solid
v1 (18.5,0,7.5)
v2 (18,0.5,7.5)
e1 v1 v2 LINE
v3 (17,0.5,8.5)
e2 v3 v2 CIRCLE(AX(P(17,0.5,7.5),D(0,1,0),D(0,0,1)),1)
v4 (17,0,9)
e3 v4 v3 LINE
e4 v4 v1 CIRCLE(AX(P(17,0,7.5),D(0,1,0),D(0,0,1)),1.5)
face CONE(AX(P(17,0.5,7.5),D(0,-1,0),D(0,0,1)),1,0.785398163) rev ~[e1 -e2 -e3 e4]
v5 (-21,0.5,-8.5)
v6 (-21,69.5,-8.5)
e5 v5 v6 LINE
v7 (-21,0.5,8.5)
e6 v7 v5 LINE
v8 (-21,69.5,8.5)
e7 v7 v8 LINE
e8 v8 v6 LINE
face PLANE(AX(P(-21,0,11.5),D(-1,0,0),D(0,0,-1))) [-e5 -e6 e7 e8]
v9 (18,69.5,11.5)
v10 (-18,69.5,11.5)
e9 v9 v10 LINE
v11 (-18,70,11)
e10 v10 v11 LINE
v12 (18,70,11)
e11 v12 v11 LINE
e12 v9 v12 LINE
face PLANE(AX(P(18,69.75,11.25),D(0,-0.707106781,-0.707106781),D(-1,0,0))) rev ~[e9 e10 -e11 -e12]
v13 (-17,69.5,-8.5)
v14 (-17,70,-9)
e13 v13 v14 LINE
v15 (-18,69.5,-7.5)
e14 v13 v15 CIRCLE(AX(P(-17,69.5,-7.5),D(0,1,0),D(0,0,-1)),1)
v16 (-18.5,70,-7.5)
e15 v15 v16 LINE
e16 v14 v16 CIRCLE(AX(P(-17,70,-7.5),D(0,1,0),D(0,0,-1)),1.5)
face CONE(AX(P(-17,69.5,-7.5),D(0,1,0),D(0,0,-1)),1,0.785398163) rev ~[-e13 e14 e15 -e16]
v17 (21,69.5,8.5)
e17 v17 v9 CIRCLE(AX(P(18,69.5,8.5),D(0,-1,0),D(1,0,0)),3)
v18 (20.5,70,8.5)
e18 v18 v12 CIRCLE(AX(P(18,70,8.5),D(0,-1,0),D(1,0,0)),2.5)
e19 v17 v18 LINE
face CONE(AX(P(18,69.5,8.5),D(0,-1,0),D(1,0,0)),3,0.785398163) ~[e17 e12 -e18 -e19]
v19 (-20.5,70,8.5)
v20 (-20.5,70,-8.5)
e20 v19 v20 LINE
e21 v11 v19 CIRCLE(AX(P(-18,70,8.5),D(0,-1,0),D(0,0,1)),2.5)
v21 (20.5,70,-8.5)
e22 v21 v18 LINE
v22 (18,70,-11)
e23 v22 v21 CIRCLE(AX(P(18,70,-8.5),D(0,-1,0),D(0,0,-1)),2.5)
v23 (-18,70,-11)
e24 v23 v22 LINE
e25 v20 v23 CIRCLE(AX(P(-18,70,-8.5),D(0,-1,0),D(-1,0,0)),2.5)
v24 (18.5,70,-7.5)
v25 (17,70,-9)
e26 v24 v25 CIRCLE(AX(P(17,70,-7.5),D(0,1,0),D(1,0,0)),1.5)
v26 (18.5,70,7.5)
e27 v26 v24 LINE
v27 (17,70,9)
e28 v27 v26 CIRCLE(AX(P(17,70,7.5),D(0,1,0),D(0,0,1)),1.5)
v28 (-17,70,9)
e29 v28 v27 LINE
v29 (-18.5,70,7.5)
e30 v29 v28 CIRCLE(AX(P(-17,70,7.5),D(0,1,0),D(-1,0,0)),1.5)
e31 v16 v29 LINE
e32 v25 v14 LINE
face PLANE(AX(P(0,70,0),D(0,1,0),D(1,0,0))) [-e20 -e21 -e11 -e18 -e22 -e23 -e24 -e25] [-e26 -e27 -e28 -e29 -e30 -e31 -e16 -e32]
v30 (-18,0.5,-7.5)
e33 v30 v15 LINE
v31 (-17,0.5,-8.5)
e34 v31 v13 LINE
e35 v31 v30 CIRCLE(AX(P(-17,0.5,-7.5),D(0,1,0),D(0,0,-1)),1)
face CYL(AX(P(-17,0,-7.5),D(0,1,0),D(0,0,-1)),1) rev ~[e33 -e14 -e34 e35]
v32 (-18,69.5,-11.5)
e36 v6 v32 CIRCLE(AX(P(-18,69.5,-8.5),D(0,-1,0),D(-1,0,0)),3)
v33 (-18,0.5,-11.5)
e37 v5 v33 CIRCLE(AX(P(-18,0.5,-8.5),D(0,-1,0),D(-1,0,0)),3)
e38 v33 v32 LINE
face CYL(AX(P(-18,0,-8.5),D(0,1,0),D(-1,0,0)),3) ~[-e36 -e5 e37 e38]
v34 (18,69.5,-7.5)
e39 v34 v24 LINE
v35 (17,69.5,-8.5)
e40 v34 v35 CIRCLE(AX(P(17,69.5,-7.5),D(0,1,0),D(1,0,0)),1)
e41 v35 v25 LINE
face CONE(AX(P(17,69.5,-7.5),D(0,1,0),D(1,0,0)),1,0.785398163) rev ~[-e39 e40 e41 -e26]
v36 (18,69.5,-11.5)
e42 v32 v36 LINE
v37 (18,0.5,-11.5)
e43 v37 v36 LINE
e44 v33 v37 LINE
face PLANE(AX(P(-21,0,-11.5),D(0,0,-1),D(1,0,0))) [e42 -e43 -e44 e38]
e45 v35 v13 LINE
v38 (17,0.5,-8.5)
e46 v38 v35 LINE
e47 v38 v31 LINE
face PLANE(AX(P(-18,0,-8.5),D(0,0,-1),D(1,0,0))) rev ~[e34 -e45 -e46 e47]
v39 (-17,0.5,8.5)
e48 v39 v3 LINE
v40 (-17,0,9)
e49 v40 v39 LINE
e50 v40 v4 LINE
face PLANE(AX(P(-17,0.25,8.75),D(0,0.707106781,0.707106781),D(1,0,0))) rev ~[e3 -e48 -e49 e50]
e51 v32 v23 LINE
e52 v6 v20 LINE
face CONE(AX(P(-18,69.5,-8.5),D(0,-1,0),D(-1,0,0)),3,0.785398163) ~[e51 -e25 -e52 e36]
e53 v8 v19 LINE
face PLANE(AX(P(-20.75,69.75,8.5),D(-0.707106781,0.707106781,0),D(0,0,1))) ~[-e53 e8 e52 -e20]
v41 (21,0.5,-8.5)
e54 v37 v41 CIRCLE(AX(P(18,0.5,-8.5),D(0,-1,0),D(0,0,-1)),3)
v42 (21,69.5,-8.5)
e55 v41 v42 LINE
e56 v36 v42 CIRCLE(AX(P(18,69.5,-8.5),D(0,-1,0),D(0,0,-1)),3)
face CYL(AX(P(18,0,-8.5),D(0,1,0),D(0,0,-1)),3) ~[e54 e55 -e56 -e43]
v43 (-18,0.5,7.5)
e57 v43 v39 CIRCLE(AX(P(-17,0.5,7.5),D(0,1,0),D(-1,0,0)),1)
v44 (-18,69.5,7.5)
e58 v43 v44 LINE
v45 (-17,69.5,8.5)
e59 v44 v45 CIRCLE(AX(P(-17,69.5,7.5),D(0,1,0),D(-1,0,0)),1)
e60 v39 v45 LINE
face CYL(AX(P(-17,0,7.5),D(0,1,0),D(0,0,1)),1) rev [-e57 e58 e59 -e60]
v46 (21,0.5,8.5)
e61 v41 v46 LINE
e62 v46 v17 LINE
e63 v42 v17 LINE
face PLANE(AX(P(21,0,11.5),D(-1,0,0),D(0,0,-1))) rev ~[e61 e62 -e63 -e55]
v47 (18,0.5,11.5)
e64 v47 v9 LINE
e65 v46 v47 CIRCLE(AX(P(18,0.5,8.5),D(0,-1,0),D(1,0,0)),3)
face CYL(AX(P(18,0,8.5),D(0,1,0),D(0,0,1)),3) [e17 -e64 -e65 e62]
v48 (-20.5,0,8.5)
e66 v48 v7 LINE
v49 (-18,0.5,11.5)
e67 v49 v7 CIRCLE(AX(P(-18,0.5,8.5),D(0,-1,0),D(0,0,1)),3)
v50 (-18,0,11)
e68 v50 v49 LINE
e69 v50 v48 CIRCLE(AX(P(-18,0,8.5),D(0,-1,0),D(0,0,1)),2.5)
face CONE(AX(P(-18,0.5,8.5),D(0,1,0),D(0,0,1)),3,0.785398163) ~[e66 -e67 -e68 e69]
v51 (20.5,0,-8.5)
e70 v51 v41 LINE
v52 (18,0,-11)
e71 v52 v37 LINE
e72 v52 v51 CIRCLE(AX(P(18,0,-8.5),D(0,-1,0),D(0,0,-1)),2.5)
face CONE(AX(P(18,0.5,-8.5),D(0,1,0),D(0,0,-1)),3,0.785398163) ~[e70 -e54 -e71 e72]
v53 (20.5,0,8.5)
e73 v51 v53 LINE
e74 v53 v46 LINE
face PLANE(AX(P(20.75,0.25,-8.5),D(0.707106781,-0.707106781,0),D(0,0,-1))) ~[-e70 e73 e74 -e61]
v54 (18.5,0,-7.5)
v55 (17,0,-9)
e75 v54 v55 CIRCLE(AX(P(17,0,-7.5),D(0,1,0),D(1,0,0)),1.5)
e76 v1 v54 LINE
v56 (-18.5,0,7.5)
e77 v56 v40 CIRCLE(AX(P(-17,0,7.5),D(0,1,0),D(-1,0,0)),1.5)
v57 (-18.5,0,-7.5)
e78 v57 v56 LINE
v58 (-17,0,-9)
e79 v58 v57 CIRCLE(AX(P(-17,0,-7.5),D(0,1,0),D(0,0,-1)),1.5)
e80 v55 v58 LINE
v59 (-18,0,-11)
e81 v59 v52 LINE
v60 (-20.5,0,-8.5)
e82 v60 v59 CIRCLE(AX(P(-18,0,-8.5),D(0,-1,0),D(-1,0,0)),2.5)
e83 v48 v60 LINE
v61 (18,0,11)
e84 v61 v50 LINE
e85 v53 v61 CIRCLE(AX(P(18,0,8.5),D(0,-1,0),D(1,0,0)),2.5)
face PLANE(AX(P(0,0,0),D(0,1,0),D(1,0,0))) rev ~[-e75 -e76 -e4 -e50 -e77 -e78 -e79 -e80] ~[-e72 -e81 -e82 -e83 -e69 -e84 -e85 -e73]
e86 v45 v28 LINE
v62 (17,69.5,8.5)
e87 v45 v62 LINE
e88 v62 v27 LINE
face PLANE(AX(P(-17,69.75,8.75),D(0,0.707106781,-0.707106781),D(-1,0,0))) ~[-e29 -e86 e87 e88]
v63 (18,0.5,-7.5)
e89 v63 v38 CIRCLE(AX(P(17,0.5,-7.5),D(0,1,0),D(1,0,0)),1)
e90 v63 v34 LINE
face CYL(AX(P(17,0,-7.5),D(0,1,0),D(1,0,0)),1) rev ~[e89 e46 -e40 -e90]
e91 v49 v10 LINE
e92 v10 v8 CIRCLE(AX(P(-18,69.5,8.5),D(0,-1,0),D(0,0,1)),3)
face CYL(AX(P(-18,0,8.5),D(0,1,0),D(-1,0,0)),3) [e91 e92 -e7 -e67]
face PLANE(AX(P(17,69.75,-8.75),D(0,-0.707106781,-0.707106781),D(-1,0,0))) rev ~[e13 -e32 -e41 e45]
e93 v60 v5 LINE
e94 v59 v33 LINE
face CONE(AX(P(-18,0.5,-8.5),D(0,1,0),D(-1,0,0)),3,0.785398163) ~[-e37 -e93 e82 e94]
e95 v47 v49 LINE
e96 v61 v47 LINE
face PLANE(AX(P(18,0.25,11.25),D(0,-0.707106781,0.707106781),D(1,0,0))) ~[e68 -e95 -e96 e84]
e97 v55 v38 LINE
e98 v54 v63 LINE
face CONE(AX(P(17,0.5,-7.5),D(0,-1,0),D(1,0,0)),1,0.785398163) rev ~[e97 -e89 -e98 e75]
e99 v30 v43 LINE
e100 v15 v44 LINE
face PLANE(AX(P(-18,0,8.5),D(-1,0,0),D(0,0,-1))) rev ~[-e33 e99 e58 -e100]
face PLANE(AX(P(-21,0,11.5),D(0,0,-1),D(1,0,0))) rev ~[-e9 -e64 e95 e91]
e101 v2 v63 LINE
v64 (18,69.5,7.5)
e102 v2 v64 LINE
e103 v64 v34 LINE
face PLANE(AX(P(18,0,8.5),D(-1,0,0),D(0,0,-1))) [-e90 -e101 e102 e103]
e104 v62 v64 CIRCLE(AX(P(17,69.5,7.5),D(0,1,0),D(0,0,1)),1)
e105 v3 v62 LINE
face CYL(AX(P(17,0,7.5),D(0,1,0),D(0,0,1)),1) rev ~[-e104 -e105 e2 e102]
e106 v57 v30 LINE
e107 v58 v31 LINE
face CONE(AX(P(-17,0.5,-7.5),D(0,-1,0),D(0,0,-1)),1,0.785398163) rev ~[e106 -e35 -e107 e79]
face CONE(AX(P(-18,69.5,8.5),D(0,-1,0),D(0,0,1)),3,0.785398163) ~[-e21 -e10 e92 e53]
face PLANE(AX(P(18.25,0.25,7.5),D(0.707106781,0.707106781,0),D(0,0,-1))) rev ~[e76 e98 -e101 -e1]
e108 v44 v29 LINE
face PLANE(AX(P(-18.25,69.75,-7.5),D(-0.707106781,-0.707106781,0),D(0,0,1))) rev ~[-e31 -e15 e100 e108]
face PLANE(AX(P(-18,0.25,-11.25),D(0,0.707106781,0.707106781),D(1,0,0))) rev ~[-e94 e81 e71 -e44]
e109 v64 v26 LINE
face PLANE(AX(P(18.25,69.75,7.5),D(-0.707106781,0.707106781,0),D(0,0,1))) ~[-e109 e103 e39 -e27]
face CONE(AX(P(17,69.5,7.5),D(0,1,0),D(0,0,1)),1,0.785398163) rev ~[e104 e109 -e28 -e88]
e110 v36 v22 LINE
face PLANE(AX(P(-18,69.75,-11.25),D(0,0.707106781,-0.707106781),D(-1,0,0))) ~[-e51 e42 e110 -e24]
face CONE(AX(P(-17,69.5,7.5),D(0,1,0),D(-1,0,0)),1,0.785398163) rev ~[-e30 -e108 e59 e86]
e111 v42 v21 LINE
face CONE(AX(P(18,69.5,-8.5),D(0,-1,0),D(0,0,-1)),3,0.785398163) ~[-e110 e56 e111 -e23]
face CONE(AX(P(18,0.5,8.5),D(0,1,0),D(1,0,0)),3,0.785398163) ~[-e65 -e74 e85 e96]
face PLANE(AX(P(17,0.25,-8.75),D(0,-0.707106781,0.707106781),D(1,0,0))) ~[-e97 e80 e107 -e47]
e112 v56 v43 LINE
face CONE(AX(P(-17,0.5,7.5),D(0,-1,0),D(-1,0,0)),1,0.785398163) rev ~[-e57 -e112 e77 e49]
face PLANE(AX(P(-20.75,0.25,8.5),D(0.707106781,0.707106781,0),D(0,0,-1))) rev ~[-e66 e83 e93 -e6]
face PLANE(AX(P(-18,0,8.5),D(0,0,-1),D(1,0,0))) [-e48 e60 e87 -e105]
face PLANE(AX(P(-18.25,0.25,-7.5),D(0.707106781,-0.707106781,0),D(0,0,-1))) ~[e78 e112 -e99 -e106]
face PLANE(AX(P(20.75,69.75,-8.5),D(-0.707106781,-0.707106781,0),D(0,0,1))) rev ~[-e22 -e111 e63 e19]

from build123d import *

# Parameters (mm, degrees)
CROQUIS1_W              = 42
CROQUIS1_H              = 23
CROQUIS1_W_2            = 36
CROQUIS1_H_2            = 17
SALIENTE_EXTRUIR1_DEPTH = 70
REDONDEO1_R             = 3
REDONDEO2_R             = 1
CHAFL_N1_SIZE           = 0.5


with BuildPart() as part:
    # Croquis1 → Saliente-Extruir1 (new body)
    with BuildSketch(Plane(origin=(0, 0, 0), x_dir=(1, 0, 0), z_dir=(0, 1, 0))):
        Rectangle(CROQUIS1_W, CROQUIS1_H)
        Rectangle(CROQUIS1_W_2, CROQUIS1_H_2, mode=Mode.SUBTRACT)
    extrude(amount=SALIENTE_EXTRUIR1_DEPTH)

    # Redondeo1
    redondeo1_edges = [part.edges().sort_by_distance(p)[0] for p in [
        (-21, 35, -11.5),
        (21, 35, -11.5),
        (21, 35, 11.5),
        (-21, 35, 11.5),
    ]]
    fillet(redondeo1_edges, radius=REDONDEO1_R)

    # Redondeo2
    redondeo2_edges = [part.edges().sort_by_distance(p)[0] for p in [
        (18, 35, 8.5),
        (18, 35, -8.5),
        (-18, 35, -8.5),
        (-18, 35, 8.5),
    ]]
    fillet(redondeo2_edges, radius=REDONDEO2_R)

    # Chaflán1
    chafl_n1_edges = [part.edges().sort_by_distance(p)[0] for p in [
        (-21, 0, 0),
        (-21, 70, 0),
        (0, 0, -11.5),
        (21, 0, 0),
        (0, 0, 11.5),
        (-20.121320344, 0, 10.621320344),
        (20.121320344, 0, 10.621320344),
        (20.121320344, 0, -10.621320344),
        (-20.121320344, 0, -10.621320344),
        (0, 70, -11.5),
        (0, 70, 11.5),
        (21, 70, 0),
        (-20.121320344, 70, 10.621320344),
        (20.121320344, 70, 10.621320344),
        (20.121320344, 70, -10.621320344),
        (-20.121320344, 70, -10.621320344),
        (0, 0, 8.5),
        (0, 70, 8.5),
        (18, 0, 0),
        (18, 70, 0),
        (0, 0, -8.5),
        (0, 70, -8.5),
        (-18, 0, 0),
        (-18, 70, 0),
        (17.707106781, 0, 8.207106781),
        (17.707106781, 70, 8.207106781),
        (17.707106781, 0, -8.207106781),
        (17.707106781, 70, -8.207106781),
        (-17.707106781, 0, -8.207106781),
        (-17.707106781, 70, -8.207106781),
        (-17.707106781, 0, 8.207106781),
        (-17.707106781, 70, 8.207106781),
    ]]
    chamfer(chafl_n1_edges, length=CHAFL_N1_SIZE)


solid = part.part
